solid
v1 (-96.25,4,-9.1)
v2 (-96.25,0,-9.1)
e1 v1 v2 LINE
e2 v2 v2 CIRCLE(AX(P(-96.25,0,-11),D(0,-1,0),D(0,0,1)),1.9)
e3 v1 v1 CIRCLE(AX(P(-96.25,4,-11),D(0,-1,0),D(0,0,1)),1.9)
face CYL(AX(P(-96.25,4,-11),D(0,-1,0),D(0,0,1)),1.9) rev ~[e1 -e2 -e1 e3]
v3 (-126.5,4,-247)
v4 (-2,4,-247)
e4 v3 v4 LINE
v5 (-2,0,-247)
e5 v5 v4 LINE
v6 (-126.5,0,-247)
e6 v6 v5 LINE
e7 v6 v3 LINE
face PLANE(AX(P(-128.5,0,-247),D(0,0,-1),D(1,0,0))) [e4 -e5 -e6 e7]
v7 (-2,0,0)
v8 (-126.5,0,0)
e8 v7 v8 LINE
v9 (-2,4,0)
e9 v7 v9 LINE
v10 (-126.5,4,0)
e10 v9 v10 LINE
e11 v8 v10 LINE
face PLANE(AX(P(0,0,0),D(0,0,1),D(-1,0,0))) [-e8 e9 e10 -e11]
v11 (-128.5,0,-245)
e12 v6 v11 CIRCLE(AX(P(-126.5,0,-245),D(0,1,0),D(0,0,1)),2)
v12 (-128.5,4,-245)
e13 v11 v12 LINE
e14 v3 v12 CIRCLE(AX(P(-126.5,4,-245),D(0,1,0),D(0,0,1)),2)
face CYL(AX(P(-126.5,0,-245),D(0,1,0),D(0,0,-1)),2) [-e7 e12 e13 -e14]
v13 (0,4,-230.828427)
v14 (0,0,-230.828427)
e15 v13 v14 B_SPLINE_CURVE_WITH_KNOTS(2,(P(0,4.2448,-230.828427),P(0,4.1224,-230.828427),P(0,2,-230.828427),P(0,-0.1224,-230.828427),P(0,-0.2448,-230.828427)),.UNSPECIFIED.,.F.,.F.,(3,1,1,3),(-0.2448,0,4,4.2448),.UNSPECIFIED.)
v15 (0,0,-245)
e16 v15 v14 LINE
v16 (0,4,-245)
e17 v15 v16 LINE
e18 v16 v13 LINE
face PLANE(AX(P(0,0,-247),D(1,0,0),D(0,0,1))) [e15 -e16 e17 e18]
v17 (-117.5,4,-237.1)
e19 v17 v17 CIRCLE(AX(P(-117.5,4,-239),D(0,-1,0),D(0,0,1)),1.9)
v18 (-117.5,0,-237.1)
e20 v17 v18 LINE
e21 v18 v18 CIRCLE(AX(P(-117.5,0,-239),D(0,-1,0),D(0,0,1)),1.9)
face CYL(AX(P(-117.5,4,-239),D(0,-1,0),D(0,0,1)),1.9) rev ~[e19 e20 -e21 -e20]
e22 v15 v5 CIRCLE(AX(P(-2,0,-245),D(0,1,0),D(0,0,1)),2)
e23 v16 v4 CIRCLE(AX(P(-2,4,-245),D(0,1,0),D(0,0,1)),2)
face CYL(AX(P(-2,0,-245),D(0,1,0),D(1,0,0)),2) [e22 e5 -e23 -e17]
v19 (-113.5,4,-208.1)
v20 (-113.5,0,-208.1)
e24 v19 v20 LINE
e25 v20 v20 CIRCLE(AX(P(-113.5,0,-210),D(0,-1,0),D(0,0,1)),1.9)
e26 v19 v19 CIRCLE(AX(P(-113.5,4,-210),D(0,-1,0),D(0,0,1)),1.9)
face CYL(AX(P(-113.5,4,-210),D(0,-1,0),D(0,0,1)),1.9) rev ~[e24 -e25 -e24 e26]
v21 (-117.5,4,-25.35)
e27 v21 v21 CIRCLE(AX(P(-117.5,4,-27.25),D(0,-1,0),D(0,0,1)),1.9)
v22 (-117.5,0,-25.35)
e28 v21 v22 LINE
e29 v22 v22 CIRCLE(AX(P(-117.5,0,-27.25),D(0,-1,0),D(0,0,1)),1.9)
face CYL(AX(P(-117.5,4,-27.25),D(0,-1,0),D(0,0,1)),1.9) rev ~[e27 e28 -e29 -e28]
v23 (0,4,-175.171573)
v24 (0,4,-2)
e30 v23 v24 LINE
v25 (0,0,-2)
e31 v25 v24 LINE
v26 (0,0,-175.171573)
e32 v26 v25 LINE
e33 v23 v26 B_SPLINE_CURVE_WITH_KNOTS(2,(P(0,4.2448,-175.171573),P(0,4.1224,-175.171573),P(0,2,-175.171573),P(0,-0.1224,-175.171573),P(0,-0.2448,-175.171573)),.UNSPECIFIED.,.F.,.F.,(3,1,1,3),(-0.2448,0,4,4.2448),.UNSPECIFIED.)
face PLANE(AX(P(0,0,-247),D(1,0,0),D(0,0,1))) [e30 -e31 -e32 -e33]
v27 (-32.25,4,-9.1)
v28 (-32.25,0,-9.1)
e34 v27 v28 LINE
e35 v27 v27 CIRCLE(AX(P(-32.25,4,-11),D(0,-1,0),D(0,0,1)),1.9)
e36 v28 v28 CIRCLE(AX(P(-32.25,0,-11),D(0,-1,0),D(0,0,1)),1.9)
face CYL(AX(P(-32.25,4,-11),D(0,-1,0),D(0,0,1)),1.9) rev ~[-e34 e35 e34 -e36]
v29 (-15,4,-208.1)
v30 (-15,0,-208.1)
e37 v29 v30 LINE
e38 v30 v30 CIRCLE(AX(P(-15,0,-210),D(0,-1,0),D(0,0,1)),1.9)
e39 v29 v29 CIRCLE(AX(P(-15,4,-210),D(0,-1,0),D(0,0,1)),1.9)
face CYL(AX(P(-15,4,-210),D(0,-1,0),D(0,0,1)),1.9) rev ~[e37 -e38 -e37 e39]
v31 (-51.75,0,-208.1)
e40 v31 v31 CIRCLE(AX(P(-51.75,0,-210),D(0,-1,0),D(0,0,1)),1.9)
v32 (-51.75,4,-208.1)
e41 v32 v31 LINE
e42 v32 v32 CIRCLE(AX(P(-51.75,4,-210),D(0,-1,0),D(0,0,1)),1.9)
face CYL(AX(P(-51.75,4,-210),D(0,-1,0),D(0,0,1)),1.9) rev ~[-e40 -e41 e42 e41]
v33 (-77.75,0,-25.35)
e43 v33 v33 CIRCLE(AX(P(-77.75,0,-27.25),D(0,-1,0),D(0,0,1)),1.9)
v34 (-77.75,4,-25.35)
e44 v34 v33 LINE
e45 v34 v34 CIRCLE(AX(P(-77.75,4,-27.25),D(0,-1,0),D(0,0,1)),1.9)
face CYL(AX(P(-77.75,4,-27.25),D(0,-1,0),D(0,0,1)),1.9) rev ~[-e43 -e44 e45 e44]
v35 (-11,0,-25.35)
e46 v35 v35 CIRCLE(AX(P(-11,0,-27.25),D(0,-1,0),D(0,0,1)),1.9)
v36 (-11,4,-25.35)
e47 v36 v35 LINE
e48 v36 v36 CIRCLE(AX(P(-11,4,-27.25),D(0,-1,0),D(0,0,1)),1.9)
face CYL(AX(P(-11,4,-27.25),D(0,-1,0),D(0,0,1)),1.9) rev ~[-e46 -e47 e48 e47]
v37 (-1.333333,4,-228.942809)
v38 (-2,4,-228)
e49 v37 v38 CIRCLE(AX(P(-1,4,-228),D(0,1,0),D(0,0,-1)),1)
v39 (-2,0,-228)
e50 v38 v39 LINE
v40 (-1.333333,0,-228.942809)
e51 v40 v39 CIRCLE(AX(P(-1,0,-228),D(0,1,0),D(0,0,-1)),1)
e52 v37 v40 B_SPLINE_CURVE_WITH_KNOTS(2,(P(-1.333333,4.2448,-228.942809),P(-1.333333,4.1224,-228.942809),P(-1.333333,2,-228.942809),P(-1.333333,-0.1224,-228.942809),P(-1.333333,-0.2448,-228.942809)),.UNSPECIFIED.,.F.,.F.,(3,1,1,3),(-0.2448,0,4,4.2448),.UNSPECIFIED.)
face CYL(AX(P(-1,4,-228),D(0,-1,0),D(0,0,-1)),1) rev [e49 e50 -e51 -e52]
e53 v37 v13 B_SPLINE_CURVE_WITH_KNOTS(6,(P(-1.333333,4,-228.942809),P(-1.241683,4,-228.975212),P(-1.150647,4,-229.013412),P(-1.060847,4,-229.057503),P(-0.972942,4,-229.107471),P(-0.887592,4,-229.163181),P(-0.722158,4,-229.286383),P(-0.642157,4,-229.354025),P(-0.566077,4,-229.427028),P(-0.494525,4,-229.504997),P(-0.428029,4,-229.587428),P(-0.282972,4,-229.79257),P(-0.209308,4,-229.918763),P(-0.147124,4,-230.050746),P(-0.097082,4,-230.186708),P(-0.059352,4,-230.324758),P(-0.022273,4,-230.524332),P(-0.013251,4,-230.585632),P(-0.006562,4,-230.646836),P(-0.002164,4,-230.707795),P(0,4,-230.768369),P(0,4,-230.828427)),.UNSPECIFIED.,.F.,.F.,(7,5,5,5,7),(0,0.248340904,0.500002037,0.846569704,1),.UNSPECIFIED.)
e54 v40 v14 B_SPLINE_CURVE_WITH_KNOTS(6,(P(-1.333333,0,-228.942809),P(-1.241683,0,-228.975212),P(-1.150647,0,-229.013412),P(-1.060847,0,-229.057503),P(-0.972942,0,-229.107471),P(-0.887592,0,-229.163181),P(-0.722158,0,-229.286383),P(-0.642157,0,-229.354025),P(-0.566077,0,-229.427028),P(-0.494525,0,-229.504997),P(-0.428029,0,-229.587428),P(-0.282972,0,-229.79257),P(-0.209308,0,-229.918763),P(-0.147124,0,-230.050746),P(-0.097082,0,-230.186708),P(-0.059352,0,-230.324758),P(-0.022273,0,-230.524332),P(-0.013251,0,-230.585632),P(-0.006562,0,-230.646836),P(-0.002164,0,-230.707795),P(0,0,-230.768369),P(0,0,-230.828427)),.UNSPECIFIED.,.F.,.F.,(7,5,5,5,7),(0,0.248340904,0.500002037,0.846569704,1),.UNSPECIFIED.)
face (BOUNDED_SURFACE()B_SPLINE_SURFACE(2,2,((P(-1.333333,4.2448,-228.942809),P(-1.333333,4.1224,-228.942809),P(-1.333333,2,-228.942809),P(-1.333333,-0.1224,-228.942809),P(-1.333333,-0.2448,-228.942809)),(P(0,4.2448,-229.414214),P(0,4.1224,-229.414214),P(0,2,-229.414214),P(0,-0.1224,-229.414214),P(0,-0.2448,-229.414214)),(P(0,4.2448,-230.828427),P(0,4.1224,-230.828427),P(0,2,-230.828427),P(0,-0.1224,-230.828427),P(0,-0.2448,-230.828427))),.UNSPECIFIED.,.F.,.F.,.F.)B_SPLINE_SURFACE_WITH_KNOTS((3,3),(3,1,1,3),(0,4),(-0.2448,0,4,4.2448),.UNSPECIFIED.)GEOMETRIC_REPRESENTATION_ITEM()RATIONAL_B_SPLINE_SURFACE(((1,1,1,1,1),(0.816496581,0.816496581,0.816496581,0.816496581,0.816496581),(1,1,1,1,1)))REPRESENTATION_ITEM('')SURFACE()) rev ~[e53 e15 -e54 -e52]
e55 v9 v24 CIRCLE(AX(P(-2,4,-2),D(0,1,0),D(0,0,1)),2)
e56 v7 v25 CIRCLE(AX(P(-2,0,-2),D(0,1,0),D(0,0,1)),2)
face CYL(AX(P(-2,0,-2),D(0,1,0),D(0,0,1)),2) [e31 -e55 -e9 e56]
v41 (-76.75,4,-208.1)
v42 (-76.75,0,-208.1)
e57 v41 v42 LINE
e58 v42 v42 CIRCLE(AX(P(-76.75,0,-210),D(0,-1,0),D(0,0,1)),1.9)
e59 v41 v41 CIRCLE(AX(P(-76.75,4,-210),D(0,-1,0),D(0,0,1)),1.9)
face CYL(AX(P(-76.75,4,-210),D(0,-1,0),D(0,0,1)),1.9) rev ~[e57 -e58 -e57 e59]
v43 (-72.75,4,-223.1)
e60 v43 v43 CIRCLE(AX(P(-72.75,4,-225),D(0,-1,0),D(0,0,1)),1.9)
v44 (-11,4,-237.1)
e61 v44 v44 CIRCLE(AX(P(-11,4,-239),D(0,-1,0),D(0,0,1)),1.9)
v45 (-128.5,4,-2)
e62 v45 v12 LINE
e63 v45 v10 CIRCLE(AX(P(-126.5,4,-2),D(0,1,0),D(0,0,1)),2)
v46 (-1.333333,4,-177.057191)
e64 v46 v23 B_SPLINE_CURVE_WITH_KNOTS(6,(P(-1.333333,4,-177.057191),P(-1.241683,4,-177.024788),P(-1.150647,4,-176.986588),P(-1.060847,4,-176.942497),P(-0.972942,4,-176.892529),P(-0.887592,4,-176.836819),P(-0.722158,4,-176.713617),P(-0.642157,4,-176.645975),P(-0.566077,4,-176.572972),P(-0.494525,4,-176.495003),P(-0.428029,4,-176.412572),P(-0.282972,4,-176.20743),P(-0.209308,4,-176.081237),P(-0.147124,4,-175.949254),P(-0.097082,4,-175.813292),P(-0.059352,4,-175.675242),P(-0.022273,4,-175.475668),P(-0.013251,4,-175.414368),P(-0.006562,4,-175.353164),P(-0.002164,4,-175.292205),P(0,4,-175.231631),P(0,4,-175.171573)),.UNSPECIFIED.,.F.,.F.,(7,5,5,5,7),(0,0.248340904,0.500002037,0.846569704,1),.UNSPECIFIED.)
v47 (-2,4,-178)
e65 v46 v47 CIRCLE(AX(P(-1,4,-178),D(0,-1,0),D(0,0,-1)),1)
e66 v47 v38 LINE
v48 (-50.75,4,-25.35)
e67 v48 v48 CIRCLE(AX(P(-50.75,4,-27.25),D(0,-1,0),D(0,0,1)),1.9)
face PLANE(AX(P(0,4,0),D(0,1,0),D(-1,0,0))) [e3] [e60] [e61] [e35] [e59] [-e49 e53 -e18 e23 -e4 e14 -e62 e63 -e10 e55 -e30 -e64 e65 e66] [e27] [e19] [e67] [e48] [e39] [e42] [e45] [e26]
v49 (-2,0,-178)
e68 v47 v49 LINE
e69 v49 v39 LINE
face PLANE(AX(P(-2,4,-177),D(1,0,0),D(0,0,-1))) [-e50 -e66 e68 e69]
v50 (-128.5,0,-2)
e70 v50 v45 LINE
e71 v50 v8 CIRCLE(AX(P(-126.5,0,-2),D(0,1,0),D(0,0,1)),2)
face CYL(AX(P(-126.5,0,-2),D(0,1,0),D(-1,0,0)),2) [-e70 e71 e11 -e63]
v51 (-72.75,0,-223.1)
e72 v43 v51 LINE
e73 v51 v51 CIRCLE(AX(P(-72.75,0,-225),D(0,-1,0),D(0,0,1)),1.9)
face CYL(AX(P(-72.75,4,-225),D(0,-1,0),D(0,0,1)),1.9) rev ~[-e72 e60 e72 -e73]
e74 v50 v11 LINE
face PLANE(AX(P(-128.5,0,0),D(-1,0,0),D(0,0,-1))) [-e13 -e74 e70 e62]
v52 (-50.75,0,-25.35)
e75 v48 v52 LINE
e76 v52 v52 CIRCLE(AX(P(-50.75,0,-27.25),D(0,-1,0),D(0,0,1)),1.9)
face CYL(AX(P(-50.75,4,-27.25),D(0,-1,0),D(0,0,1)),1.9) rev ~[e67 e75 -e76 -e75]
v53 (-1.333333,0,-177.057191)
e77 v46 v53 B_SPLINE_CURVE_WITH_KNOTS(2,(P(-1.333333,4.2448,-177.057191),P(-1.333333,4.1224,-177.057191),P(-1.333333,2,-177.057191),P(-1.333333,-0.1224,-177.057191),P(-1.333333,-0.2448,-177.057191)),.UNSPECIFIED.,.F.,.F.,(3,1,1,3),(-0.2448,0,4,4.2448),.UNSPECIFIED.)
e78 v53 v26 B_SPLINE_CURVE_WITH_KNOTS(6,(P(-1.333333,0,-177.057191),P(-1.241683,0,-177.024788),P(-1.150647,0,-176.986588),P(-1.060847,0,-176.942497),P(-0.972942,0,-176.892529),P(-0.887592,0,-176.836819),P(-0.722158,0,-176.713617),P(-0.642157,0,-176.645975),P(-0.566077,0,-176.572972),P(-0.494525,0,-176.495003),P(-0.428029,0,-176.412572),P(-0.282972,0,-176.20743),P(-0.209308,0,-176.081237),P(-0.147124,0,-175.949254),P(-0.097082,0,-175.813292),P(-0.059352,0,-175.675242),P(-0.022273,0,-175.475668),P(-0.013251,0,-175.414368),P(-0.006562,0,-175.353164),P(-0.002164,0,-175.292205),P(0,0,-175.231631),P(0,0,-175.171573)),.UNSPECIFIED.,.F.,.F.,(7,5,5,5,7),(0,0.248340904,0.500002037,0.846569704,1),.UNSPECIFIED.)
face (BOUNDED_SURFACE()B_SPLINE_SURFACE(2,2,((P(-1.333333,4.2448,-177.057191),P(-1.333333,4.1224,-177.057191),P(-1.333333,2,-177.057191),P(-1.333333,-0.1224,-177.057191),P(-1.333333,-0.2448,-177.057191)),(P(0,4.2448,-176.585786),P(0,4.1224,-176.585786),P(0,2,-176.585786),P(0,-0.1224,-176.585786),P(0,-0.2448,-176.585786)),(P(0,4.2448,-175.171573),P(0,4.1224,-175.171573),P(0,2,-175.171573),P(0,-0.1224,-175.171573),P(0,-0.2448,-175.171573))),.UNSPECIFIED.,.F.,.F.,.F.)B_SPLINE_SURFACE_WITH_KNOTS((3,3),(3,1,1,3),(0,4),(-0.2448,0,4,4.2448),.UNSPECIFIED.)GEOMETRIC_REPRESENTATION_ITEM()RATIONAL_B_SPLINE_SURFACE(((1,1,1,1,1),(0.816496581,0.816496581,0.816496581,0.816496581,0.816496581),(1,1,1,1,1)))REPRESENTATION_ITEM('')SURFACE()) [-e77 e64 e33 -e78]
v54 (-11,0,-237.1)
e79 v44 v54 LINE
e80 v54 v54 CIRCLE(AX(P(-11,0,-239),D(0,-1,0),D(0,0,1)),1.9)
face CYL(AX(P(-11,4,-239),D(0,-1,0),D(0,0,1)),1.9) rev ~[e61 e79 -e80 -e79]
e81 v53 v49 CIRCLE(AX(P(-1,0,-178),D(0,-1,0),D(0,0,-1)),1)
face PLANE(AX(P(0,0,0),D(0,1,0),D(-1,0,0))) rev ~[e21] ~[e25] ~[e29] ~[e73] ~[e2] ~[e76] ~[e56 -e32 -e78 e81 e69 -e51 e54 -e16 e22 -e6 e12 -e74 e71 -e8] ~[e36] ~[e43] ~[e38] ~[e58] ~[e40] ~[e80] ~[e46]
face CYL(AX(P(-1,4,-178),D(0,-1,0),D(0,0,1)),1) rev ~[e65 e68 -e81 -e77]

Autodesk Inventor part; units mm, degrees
ref_plane "YZ Plane" through (0, 0, 0) normal (1, 0, 0) x (0, 1, 0)
ref_plane "XZ Plane" through (0, 0, 0) normal (0, 1, 0) x (-1, 0, 0)
ref_plane "XY Plane" through (0, 0, 0) normal (0, 0, 1) x (1, 0, 0)
sketch "Sketch1" plane through (0, 0, 0) normal (0, 1, 0) x (-1, 0, 0)
  line L0 (0, 0) -> (128.5, 0)
  line L1 (128.5, 0) -> (128.5, -247)
  line L2 (128.5, -247) -> (0, -247)
  line L3 (0, -247) -> (0, 0)
  dimension "d0" = 128.5
  dimension "d1" = 247
extrude "Extrusion1" add sketch "Sketch1" along normal blind 4
sketch "Sketch2" plane through (0, 4, 0) normal (0, 1, 0) x (1, 0, 0)
  line L0 (0, 0) -> (0, 247) projected
  line L1 (0, 177) -> (-2, 177)
  line L2 (-2, 177) -> (-2, 229)
  line L3 (-2, 229) -> (0, 229)
  line L4 (0, 229) -> (0, 177)
  line L5 (-128.5, 0) -> (0, 0) projected
  line L6 (0, 247) -> (-128.5, 247) projected
  point P0 (0, 229)
  dimension "d6" = 2
  dimension "d9" = 18
  dimension "d10" = 70
extrude "Extrusion2" cut sketch "Sketch2" against normal blind 4
fillet "Fillet1" radius 1 2 edges at (-2, 2, -229) (-2, 2, -177)
sketch "Sketch3" plane through (0, 4, 0) normal (0, 1, 0) x (1, 0, 0)
  line L0 (-117.5, -38.6181) -> (-117.5, 315.6014) construction
  line L1 (-187.6527, 11) -> (40.6594, 11) construction
  line L2 (-11, -30.2243) -> (-11, 315.6014) construction
  line L3 (-64.25, -57.9239) -> (-64.25, 315.6014) construction
  line L4 (-128.5, 0) -> (0, 0) construction
  line L5 (-128.5, 247) -> (-128.5, 0) construction
  line L6 (0, 0) -> (0, 177) construction
  line L7 (-187.6527, 27.25) -> (32.1527, 27.25) construction
  line L8 (0, 247) -> (-128.5, 247) projected
  point P0 (-64.25, 0)
  point P1 (-11, 27.25)
  point P2 (-117.5, 27.25)
  point P3 (-50.75, 27.25)
  point P4 (-77.75, 27.25)
  point P5 (-96.25, 11)
  point P6 (-32.25, 11)
  point P7 (-117.5, 239)
  point P8 (-11, 239)
  point P9 (-72.75, 225)
  dimension "d12" = 11
  dimension "d13" = 11
  dimension "d14" = 11
  dimension "d15" = 27.25
  dimension "d16" = 13.5
  dimension "d17" = 13.5
  dimension "d18" = 32
  dimension "d19" = 32
  dimension "d27" = 8
  dimension "d28" = 8
  dimension "d29" = 8.5
  dimension "d30" = 22
hole "Hole1" at (-11, 4, -27.25) at (-117.5, 4, -27.25) at (-50.75, 4, -27.25) at (-77.75, 4, -27.25) at (-96.25, 4, -11) at (-32.25, 4, -11) at (-117.5, 4, -239) at (-72.75, 4, -225) at (-11, 4, -239) direction (0, -1, 0) diameter 3.8 end through all
sketch "Sketch4" plane through (0, 4, 0) normal (0, 1, 0) x (1, 0, 0)
  circle A0 centre (-72.75, 225) radius 1.9 projected
  circle A1 centre (-32.25, 11) radius 1.9 projected
  circle A2 centre (-77.75, 27.25) radius 1.9 projected
  circle A3 centre (-117.5, 27.25) radius 1.9 projected
  circle A4 centre (-11, 27.25) radius 1.9 projected
  circle A5 centre (-50.75, 27.25) radius 1.9 projected
  circle A6 centre (-96.25, 11) radius 1.9 projected
  circle A7 centre (-117.5, 239) radius 1.9 projected
  circle A8 centre (-11, 239) radius 1.9 projected
  line L0 (-1, 229) -> (0, 229) projected
  line L1 (0, 229) -> (0, 247) projected
  line L2 (0, 247) -> (-128.5, 247) projected
  line L3 (-128.5, 247) -> (-128.5, 0) projected
  line L4 (-128.5, 0) -> (0, 0) projected
  line L5 (0, 0) -> (0, 177) projected
  line L6 (0, 177) -> (-1, 177) projected
  arc A9 (-2, 178) -> (-1, 177) centre (-1, 178) ccw projected
  line L7 (-2, 178) -> (-2, 228) projected
  arc A10 (-1, 229) -> (-2, 228) centre (-1, 228) ccw projected
  line L8 (-146.6271, 210) -> (41.5181, 210) construction
  line L9 (-64.25, -27.386) -> (-64.25, 314.2803) construction
  point P0 (-64.25, 247)
  point P1 (-113.5, 210)
  point P2 (-76.75, 210)
  point P3 (-51.75, 210)
  point P4 (-15, 210)
  dimension "d31" = 37
  dimension "d32" = 15
  dimension "d33" = 15
  dimension "d34" = 12.5
  dimension "d35" = 12.5
hole "Hole2" at (-113.5, 4, -210) at (-76.75, 4, -210) at (-51.75, 4, -210) at (-15, 4, -210) direction (0, -1, 0) diameter 3.8 end through all
fillet "Fillet2" radius 2 6 edges at (0, 2, -229) (0, 2, -177) (0, 2, -247) (-128.5, 2, -247) (0, 2, 0) (-128.5, 2, 0)
properties part number "Battery Cover"
